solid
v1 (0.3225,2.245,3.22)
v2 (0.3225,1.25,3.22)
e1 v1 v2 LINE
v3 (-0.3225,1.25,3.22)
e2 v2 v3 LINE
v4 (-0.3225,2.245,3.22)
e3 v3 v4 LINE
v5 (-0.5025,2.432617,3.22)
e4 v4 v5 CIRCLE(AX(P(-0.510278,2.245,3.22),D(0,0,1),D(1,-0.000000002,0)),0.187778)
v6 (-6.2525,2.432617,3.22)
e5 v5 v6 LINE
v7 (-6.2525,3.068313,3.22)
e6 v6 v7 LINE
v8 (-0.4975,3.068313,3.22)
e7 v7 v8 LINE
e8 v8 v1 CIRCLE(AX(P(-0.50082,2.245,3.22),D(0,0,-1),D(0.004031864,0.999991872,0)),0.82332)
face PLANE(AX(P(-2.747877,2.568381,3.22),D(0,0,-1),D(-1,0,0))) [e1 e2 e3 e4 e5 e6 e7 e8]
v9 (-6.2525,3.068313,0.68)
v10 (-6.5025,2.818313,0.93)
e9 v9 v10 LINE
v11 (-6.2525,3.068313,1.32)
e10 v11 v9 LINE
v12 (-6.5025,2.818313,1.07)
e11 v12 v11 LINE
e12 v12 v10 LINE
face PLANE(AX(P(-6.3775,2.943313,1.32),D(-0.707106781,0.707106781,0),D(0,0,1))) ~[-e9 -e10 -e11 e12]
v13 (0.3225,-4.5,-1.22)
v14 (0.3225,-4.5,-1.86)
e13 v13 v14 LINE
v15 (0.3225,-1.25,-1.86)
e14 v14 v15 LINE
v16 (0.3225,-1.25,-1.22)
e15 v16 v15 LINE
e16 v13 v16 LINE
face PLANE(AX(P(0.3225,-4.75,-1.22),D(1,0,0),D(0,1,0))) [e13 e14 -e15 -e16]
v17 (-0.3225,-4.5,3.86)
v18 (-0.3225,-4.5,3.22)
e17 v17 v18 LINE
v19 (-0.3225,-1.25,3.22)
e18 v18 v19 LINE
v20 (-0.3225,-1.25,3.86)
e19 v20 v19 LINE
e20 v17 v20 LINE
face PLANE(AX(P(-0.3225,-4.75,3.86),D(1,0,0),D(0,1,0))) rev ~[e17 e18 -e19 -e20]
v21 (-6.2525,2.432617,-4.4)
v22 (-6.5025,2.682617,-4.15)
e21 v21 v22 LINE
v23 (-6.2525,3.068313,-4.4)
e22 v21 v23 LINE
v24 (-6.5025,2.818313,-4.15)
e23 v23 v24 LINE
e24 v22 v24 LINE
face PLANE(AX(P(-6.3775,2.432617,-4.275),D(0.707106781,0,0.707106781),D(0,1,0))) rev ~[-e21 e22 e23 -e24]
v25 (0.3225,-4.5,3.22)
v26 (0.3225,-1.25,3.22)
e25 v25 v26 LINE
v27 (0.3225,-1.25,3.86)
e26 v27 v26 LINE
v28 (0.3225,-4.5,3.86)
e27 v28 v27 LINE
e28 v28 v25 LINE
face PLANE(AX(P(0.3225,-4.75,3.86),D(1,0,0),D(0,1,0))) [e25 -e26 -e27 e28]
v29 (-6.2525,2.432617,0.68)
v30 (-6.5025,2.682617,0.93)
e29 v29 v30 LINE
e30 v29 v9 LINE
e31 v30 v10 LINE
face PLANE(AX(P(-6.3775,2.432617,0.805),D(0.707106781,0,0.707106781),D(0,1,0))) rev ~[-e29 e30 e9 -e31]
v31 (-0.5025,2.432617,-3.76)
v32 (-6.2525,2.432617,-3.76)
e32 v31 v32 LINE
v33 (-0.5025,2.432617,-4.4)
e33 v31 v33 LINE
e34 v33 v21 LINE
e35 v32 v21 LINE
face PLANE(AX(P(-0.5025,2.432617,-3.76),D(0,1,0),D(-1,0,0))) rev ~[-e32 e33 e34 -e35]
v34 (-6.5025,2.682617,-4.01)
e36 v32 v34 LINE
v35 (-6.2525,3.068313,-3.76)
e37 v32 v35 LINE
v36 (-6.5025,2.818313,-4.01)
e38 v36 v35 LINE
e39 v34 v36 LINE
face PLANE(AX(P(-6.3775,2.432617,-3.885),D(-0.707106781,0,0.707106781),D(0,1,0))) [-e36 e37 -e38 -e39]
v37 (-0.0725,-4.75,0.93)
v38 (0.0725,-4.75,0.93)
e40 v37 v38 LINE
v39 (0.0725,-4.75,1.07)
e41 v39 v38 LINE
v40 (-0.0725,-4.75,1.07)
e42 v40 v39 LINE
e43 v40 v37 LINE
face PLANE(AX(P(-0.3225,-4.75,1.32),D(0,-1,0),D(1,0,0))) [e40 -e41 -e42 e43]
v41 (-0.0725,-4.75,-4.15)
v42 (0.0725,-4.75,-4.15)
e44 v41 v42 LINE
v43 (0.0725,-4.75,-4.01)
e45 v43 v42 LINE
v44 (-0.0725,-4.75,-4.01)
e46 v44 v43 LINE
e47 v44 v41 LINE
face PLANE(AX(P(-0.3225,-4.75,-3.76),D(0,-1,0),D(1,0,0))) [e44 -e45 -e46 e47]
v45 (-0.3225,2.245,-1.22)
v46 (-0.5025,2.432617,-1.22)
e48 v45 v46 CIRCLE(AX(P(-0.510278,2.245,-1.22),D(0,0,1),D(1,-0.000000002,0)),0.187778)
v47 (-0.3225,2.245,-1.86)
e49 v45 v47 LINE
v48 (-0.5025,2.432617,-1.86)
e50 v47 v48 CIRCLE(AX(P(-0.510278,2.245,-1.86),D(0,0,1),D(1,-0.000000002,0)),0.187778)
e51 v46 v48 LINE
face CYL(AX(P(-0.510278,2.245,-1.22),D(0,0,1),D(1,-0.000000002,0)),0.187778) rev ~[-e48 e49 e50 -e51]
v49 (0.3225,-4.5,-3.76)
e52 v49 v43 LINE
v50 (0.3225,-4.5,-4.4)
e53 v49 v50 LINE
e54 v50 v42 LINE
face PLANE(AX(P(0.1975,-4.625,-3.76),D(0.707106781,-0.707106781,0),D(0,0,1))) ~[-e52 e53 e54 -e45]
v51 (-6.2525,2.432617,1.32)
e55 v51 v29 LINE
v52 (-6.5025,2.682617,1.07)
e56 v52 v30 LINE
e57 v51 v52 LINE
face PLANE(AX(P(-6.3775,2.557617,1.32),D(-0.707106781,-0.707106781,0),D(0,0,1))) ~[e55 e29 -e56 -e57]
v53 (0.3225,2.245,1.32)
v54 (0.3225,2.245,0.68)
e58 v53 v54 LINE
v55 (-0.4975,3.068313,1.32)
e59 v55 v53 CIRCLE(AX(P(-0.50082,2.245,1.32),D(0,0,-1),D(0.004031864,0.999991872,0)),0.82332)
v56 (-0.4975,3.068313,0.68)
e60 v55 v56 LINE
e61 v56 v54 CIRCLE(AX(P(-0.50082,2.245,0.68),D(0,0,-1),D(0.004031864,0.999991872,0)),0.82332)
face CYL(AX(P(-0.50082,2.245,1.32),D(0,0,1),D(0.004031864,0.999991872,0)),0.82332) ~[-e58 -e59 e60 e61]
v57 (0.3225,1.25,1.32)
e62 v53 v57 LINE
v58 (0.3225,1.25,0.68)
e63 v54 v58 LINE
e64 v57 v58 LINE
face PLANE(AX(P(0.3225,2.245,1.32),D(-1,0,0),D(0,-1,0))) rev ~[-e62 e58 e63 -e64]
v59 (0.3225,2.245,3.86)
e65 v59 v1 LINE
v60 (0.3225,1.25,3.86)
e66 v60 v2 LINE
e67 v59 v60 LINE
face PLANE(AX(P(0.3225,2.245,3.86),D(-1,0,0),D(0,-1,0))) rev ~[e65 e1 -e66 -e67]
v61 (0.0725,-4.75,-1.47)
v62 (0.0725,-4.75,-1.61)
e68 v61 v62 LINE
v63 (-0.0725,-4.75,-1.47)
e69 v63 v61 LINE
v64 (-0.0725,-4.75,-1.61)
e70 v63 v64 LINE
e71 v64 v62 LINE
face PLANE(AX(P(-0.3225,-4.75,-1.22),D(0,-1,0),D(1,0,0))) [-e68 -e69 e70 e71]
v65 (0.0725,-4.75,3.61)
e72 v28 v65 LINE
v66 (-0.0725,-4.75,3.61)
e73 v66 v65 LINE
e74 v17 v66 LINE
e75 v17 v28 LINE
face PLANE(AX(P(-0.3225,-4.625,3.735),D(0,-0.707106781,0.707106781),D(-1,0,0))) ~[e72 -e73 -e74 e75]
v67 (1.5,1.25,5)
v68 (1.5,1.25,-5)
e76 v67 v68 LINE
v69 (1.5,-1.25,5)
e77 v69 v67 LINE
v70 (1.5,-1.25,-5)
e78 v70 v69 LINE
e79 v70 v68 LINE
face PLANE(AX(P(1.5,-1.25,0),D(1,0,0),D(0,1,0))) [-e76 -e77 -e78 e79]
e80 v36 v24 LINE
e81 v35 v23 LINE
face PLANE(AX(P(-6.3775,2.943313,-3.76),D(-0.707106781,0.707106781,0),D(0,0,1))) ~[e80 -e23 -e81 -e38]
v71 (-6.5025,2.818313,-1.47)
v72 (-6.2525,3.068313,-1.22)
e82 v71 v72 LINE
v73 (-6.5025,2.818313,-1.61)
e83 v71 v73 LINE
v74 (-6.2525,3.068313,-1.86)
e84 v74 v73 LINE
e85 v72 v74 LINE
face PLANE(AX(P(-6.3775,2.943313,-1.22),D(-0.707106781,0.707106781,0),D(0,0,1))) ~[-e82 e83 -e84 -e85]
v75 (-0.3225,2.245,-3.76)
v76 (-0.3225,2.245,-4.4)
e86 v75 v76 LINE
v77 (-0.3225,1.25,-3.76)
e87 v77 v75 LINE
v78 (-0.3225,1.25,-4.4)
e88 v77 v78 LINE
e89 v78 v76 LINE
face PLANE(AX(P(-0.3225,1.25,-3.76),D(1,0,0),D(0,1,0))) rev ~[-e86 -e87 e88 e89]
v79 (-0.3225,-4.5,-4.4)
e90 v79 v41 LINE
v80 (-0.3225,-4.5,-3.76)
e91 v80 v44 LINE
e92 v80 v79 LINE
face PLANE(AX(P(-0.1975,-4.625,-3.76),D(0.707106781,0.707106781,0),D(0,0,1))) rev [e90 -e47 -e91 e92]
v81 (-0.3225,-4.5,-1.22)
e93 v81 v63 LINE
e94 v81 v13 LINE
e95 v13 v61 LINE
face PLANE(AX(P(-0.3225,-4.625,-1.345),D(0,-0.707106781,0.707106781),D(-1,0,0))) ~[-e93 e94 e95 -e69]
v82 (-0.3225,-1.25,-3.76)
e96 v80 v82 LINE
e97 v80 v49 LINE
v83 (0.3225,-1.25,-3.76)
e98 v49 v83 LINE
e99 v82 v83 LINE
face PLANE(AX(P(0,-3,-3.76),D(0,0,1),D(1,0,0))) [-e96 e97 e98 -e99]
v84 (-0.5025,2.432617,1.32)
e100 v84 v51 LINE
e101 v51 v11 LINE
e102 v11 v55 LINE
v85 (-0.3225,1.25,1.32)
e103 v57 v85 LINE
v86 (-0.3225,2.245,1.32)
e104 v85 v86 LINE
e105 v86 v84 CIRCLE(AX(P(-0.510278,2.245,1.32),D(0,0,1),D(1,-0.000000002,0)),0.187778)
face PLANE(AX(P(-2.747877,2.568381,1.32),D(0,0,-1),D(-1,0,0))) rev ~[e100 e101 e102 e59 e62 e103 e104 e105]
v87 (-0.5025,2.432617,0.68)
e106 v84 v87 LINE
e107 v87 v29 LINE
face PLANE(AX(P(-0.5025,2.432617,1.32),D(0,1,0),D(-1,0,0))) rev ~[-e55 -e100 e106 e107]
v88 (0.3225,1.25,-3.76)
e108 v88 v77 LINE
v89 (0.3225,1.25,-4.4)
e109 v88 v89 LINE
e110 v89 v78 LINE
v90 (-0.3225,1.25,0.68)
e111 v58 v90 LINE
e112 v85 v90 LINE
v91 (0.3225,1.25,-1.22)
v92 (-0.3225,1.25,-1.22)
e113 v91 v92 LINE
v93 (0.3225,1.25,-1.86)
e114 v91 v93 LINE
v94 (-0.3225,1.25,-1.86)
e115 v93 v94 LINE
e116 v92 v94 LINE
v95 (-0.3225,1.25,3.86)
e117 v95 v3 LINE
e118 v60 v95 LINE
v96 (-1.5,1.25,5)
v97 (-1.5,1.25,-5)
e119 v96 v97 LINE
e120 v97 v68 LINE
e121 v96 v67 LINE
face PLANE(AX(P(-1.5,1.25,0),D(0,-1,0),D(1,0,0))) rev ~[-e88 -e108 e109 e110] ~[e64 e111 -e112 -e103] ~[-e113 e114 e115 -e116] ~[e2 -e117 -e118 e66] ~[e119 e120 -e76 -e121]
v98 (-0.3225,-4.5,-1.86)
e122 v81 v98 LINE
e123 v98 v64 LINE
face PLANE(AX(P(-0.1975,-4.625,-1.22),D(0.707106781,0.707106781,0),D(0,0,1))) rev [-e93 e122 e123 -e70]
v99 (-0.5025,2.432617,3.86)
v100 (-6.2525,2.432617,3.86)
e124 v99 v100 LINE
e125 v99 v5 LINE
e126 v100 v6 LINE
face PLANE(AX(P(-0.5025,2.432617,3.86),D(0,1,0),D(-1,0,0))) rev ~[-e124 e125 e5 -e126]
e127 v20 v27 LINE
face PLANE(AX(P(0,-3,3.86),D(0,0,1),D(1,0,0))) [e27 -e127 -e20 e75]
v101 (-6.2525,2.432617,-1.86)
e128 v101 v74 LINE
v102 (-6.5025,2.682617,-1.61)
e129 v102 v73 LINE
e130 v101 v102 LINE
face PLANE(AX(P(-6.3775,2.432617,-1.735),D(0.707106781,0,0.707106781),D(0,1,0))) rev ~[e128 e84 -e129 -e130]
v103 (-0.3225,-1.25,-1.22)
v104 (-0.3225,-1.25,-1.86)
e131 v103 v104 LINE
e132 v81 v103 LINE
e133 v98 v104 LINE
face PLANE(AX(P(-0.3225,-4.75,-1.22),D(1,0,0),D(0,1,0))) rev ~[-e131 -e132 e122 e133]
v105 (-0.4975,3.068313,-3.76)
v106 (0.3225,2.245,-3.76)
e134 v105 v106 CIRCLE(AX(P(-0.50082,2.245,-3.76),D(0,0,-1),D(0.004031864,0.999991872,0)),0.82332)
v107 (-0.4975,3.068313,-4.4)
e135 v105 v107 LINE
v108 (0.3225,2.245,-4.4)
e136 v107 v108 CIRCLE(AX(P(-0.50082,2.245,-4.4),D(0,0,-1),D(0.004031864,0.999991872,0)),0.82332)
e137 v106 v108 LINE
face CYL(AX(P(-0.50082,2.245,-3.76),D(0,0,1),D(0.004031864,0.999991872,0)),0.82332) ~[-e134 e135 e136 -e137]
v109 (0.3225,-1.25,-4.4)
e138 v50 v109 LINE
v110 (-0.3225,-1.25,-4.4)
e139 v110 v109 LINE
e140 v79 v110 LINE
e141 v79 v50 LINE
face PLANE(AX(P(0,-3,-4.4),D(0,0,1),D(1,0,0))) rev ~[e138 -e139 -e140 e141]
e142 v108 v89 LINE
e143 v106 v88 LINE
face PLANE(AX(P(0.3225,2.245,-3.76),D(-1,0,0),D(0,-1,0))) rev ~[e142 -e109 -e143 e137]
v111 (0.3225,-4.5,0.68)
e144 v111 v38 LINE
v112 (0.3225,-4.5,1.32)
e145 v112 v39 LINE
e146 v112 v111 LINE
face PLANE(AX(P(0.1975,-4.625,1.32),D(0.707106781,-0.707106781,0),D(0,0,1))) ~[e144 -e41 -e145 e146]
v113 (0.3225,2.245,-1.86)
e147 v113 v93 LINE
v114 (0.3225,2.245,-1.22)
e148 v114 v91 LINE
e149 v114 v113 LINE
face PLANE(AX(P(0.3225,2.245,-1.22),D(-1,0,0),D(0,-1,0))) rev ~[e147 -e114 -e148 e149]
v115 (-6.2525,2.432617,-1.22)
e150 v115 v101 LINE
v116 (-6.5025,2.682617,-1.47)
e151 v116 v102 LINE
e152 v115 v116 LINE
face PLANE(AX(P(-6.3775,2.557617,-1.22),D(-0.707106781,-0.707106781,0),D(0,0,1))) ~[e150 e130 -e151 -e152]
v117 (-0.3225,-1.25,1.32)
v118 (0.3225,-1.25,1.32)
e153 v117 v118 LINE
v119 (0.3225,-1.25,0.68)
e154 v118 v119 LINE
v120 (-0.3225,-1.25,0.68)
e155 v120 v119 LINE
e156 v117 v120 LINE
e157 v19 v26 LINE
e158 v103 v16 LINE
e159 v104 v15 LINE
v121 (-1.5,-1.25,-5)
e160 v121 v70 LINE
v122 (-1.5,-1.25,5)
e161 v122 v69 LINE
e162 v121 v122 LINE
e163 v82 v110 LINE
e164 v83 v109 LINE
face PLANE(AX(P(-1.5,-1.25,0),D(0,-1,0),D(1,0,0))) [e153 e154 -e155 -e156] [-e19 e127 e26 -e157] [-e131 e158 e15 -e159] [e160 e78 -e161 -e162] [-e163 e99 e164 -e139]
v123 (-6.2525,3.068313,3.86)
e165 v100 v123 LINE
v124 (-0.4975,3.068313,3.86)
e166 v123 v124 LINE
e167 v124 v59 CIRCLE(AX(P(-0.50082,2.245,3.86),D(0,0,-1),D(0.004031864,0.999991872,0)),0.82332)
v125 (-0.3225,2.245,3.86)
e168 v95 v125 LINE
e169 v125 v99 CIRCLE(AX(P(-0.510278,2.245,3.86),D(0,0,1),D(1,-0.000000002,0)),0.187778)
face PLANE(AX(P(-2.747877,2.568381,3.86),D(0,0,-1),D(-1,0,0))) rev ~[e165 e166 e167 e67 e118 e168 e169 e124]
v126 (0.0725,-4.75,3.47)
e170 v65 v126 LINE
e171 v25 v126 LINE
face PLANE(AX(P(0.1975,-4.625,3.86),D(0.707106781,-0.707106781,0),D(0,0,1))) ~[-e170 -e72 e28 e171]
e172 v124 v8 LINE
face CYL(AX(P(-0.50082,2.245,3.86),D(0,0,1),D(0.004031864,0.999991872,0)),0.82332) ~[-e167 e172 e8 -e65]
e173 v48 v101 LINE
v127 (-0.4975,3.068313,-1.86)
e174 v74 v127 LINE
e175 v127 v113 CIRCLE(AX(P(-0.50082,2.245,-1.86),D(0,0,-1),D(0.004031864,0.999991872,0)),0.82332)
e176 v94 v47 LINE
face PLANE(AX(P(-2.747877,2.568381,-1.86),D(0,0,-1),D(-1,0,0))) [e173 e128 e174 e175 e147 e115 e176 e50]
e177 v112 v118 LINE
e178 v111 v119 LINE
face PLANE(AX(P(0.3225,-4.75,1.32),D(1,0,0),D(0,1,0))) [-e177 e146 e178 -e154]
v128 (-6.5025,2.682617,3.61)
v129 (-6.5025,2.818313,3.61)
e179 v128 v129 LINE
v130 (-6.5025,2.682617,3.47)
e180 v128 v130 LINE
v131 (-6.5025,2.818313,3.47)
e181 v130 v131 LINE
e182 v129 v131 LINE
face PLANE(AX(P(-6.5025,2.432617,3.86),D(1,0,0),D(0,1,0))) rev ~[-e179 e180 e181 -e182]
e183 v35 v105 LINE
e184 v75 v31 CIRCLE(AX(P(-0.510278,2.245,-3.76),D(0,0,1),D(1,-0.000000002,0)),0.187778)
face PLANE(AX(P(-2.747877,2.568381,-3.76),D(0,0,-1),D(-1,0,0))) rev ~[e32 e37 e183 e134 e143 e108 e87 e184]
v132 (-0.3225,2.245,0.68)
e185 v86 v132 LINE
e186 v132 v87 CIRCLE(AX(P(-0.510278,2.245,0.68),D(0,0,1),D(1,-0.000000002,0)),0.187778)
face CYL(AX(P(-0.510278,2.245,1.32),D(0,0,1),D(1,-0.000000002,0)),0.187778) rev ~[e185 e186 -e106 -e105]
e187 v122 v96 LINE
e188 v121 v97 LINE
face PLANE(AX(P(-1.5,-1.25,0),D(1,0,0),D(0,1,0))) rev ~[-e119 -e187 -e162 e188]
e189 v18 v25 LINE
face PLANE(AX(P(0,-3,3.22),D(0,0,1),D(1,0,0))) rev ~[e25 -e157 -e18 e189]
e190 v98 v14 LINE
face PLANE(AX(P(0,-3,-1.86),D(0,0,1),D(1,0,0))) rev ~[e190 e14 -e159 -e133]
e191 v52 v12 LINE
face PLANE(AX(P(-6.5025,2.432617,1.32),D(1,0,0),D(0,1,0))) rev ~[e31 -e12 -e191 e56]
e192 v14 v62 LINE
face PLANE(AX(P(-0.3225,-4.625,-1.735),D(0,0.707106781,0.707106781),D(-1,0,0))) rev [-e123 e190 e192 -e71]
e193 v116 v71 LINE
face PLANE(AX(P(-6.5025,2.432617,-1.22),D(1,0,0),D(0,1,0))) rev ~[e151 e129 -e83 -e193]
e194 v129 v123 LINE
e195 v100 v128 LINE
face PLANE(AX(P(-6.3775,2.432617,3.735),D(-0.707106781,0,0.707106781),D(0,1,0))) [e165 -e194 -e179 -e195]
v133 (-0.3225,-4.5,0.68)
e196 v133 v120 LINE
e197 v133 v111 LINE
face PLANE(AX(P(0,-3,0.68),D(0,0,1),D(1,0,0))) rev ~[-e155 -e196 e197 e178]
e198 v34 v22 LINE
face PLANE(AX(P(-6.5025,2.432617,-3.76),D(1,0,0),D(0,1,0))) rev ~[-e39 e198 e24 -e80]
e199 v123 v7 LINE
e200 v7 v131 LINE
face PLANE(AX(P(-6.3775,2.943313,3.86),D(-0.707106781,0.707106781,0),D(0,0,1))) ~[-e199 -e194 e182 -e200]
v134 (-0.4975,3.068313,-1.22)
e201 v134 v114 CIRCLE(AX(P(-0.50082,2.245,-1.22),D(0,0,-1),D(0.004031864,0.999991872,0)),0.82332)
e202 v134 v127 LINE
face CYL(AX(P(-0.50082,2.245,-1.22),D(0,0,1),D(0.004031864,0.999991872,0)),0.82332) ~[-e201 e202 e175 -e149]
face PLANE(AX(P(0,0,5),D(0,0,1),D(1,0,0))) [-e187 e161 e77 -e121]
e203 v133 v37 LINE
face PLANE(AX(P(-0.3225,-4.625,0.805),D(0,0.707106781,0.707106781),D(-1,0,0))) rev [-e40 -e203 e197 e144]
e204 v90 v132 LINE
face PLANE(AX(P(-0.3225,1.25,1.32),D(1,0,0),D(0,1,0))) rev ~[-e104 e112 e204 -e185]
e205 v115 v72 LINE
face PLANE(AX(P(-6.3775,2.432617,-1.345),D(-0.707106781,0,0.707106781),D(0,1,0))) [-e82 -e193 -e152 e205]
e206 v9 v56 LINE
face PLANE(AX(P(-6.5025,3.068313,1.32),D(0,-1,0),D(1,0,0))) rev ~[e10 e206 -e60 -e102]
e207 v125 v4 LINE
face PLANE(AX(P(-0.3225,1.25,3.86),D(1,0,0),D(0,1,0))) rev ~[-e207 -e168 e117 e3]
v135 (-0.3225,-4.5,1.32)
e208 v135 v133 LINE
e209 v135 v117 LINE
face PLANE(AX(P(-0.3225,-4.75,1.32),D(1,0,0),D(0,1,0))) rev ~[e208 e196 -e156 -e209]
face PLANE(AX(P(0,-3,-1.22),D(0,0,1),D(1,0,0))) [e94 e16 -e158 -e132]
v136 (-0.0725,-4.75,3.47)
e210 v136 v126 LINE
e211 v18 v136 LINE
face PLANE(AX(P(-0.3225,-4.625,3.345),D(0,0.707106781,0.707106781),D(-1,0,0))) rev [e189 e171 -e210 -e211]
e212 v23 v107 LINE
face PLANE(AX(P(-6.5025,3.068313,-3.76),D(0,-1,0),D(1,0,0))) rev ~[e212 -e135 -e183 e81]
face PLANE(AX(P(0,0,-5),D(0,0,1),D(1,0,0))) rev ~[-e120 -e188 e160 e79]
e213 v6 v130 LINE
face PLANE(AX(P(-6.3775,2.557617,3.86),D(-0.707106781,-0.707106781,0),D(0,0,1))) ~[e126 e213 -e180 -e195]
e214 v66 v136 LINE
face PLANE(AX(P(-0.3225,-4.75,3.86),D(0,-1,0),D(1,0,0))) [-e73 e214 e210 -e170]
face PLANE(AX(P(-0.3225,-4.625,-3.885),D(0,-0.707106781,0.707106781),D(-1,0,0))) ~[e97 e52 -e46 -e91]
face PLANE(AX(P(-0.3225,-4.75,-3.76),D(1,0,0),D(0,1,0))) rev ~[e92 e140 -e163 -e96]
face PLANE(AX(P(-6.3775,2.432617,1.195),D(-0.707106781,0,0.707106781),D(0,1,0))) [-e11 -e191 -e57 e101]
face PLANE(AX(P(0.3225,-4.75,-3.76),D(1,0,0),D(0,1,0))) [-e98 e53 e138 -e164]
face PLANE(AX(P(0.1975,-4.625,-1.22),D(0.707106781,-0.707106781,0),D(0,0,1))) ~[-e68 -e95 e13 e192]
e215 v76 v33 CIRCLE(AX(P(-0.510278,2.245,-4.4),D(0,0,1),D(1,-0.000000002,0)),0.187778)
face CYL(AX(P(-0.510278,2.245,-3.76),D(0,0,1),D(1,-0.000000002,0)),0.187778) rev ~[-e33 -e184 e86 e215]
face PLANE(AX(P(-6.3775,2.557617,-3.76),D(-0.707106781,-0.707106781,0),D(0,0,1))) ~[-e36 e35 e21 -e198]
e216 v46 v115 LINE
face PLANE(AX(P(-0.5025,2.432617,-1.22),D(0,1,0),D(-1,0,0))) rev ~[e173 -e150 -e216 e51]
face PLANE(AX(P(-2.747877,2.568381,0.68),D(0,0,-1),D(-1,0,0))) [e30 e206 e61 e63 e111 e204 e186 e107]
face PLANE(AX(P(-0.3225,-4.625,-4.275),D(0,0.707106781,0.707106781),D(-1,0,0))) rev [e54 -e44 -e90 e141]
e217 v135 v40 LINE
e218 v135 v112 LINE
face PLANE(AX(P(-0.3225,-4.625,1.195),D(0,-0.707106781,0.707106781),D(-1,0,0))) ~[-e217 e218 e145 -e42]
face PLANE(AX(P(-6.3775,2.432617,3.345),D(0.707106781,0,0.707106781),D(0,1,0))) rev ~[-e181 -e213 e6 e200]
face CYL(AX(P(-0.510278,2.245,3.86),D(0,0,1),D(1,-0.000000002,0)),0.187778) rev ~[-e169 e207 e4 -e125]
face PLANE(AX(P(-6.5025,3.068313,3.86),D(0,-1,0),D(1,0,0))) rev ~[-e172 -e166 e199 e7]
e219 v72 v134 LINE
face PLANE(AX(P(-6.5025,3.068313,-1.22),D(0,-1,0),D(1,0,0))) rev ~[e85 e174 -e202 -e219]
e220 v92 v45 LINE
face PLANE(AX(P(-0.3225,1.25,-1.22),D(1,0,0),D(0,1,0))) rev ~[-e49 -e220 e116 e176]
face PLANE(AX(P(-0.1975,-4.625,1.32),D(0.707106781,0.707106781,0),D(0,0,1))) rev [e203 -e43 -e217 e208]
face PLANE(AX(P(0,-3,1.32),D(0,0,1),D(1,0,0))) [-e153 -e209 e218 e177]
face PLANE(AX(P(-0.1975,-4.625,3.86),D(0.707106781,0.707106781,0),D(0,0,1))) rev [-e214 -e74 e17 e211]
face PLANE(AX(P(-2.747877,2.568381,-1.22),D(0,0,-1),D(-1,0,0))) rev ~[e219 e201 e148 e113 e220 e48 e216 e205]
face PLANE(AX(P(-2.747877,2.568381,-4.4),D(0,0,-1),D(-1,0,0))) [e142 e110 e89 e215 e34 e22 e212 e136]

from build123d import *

# Parameters (mm, degrees)
SKETCH1_W       = 3
SKETCH1_H       = 2.5
EXTRUDE1_DEPTH  = 5
SKETCH2_W       = 0.645
SKETCH2_H       = 3.5
EXTRUDE2_DEPTH  = 0.64
LPATTERN1_COUNT = 4
LPATTERN1_PITCH = 2.54
CHAMFER1_SIZE   = 0.25


with BuildPart() as part:
    # Sketch1 → Extrude1 (new body, symmetric)
    with BuildSketch(Plane.XY):
        Rectangle(SKETCH1_W, SKETCH1_H)
    extrude(amount=EXTRUDE1_DEPTH, both=True)

    # Sketch2 → Extrude2 (add)
    with BuildSketch(Plane.XY.offset(3.86)):
        with BuildLine():
            Line((-0.3225, 1.25), (-0.3225, 2.245))
            ThreePointArc((-0.3225, 2.245), (-0.374776878, 2.375), (-0.5025, 2.43261663))
            Line((-0.5025, 2.43261663), (-6.5025, 2.43261663))
            Line((-6.5025, 2.43261663), (-6.5025, 3.06831282))
            Line((-6.5025, 3.06831282), (-0.4975, 3.06831282))
            ThreePointArc((-0.4975, 3.06831282), (0.082527742, 2.826), (0.3225, 2.245))
            Line((0.3225, 2.245), (0.3225, 1.25))
            Line((0.3225, 1.25), (-0.3225, 1.25))
        make_face()
        with Locations((0, -3)):
            Rectangle(SKETCH2_W, SKETCH2_H)
    extrude2 = extrude(amount=-EXTRUDE2_DEPTH)

    # LPattern1: Extrude2 ×4
    with Locations(*[(0, 0, -i * LPATTERN1_PITCH) for i in range(1, LPATTERN1_COUNT)]):
        add(extrude2)

    # Chamfer1
    chamfer1_edges = [part.edges().sort_by_distance(p)[0] for p in [
        (-6.5025, 2.750464725, -4.4),
        (-6.5025, 2.43261663, -4.08),
        (-6.5025, 3.06831282, -4.08),
        (-6.5025, 2.750464725, -3.76),
        (0, -4.75, -4.4),
        (0.3225, -4.75, -4.08),
        (-0.3225, -4.75, -4.08),
        (0, -4.75, -3.76),
        (-6.5025, 2.750464725, 3.22),
        (-6.5025, 2.43261663, 3.54),
        (-6.5025, 3.06831282, 3.54),
        (-6.5025, 2.750464725, 3.86),
        (0, -4.75, 3.22),
        (0.3225, -4.75, 3.54),
        (-0.3225, -4.75, 3.54),
        (0, -4.75, 3.86),
        (-6.5025, 2.750464725, 0.68),
        (-6.5025, 2.43261663, 1),
        (-6.5025, 3.06831282, 1),
        (-6.5025, 2.750464725, 1.32),
        (0, -4.75, 0.68),
        (0.3225, -4.75, 1),
        (-0.3225, -4.75, 1),
        (0, -4.75, 1.32),
        (-6.5025, 2.750464725, -1.86),
        (-6.5025, 2.43261663, -1.54),
        (-6.5025, 3.06831282, -1.54),
        (-6.5025, 2.750464725, -1.22),
        (0, -4.75, -1.86),
        (0.3225, -4.75, -1.54),
        (-0.3225, -4.75, -1.54),
        (0, -4.75, -1.22),
    ]]
    chamfer(chamfer1_edges, length=CHAMFER1_SIZE)


solid = part.part
